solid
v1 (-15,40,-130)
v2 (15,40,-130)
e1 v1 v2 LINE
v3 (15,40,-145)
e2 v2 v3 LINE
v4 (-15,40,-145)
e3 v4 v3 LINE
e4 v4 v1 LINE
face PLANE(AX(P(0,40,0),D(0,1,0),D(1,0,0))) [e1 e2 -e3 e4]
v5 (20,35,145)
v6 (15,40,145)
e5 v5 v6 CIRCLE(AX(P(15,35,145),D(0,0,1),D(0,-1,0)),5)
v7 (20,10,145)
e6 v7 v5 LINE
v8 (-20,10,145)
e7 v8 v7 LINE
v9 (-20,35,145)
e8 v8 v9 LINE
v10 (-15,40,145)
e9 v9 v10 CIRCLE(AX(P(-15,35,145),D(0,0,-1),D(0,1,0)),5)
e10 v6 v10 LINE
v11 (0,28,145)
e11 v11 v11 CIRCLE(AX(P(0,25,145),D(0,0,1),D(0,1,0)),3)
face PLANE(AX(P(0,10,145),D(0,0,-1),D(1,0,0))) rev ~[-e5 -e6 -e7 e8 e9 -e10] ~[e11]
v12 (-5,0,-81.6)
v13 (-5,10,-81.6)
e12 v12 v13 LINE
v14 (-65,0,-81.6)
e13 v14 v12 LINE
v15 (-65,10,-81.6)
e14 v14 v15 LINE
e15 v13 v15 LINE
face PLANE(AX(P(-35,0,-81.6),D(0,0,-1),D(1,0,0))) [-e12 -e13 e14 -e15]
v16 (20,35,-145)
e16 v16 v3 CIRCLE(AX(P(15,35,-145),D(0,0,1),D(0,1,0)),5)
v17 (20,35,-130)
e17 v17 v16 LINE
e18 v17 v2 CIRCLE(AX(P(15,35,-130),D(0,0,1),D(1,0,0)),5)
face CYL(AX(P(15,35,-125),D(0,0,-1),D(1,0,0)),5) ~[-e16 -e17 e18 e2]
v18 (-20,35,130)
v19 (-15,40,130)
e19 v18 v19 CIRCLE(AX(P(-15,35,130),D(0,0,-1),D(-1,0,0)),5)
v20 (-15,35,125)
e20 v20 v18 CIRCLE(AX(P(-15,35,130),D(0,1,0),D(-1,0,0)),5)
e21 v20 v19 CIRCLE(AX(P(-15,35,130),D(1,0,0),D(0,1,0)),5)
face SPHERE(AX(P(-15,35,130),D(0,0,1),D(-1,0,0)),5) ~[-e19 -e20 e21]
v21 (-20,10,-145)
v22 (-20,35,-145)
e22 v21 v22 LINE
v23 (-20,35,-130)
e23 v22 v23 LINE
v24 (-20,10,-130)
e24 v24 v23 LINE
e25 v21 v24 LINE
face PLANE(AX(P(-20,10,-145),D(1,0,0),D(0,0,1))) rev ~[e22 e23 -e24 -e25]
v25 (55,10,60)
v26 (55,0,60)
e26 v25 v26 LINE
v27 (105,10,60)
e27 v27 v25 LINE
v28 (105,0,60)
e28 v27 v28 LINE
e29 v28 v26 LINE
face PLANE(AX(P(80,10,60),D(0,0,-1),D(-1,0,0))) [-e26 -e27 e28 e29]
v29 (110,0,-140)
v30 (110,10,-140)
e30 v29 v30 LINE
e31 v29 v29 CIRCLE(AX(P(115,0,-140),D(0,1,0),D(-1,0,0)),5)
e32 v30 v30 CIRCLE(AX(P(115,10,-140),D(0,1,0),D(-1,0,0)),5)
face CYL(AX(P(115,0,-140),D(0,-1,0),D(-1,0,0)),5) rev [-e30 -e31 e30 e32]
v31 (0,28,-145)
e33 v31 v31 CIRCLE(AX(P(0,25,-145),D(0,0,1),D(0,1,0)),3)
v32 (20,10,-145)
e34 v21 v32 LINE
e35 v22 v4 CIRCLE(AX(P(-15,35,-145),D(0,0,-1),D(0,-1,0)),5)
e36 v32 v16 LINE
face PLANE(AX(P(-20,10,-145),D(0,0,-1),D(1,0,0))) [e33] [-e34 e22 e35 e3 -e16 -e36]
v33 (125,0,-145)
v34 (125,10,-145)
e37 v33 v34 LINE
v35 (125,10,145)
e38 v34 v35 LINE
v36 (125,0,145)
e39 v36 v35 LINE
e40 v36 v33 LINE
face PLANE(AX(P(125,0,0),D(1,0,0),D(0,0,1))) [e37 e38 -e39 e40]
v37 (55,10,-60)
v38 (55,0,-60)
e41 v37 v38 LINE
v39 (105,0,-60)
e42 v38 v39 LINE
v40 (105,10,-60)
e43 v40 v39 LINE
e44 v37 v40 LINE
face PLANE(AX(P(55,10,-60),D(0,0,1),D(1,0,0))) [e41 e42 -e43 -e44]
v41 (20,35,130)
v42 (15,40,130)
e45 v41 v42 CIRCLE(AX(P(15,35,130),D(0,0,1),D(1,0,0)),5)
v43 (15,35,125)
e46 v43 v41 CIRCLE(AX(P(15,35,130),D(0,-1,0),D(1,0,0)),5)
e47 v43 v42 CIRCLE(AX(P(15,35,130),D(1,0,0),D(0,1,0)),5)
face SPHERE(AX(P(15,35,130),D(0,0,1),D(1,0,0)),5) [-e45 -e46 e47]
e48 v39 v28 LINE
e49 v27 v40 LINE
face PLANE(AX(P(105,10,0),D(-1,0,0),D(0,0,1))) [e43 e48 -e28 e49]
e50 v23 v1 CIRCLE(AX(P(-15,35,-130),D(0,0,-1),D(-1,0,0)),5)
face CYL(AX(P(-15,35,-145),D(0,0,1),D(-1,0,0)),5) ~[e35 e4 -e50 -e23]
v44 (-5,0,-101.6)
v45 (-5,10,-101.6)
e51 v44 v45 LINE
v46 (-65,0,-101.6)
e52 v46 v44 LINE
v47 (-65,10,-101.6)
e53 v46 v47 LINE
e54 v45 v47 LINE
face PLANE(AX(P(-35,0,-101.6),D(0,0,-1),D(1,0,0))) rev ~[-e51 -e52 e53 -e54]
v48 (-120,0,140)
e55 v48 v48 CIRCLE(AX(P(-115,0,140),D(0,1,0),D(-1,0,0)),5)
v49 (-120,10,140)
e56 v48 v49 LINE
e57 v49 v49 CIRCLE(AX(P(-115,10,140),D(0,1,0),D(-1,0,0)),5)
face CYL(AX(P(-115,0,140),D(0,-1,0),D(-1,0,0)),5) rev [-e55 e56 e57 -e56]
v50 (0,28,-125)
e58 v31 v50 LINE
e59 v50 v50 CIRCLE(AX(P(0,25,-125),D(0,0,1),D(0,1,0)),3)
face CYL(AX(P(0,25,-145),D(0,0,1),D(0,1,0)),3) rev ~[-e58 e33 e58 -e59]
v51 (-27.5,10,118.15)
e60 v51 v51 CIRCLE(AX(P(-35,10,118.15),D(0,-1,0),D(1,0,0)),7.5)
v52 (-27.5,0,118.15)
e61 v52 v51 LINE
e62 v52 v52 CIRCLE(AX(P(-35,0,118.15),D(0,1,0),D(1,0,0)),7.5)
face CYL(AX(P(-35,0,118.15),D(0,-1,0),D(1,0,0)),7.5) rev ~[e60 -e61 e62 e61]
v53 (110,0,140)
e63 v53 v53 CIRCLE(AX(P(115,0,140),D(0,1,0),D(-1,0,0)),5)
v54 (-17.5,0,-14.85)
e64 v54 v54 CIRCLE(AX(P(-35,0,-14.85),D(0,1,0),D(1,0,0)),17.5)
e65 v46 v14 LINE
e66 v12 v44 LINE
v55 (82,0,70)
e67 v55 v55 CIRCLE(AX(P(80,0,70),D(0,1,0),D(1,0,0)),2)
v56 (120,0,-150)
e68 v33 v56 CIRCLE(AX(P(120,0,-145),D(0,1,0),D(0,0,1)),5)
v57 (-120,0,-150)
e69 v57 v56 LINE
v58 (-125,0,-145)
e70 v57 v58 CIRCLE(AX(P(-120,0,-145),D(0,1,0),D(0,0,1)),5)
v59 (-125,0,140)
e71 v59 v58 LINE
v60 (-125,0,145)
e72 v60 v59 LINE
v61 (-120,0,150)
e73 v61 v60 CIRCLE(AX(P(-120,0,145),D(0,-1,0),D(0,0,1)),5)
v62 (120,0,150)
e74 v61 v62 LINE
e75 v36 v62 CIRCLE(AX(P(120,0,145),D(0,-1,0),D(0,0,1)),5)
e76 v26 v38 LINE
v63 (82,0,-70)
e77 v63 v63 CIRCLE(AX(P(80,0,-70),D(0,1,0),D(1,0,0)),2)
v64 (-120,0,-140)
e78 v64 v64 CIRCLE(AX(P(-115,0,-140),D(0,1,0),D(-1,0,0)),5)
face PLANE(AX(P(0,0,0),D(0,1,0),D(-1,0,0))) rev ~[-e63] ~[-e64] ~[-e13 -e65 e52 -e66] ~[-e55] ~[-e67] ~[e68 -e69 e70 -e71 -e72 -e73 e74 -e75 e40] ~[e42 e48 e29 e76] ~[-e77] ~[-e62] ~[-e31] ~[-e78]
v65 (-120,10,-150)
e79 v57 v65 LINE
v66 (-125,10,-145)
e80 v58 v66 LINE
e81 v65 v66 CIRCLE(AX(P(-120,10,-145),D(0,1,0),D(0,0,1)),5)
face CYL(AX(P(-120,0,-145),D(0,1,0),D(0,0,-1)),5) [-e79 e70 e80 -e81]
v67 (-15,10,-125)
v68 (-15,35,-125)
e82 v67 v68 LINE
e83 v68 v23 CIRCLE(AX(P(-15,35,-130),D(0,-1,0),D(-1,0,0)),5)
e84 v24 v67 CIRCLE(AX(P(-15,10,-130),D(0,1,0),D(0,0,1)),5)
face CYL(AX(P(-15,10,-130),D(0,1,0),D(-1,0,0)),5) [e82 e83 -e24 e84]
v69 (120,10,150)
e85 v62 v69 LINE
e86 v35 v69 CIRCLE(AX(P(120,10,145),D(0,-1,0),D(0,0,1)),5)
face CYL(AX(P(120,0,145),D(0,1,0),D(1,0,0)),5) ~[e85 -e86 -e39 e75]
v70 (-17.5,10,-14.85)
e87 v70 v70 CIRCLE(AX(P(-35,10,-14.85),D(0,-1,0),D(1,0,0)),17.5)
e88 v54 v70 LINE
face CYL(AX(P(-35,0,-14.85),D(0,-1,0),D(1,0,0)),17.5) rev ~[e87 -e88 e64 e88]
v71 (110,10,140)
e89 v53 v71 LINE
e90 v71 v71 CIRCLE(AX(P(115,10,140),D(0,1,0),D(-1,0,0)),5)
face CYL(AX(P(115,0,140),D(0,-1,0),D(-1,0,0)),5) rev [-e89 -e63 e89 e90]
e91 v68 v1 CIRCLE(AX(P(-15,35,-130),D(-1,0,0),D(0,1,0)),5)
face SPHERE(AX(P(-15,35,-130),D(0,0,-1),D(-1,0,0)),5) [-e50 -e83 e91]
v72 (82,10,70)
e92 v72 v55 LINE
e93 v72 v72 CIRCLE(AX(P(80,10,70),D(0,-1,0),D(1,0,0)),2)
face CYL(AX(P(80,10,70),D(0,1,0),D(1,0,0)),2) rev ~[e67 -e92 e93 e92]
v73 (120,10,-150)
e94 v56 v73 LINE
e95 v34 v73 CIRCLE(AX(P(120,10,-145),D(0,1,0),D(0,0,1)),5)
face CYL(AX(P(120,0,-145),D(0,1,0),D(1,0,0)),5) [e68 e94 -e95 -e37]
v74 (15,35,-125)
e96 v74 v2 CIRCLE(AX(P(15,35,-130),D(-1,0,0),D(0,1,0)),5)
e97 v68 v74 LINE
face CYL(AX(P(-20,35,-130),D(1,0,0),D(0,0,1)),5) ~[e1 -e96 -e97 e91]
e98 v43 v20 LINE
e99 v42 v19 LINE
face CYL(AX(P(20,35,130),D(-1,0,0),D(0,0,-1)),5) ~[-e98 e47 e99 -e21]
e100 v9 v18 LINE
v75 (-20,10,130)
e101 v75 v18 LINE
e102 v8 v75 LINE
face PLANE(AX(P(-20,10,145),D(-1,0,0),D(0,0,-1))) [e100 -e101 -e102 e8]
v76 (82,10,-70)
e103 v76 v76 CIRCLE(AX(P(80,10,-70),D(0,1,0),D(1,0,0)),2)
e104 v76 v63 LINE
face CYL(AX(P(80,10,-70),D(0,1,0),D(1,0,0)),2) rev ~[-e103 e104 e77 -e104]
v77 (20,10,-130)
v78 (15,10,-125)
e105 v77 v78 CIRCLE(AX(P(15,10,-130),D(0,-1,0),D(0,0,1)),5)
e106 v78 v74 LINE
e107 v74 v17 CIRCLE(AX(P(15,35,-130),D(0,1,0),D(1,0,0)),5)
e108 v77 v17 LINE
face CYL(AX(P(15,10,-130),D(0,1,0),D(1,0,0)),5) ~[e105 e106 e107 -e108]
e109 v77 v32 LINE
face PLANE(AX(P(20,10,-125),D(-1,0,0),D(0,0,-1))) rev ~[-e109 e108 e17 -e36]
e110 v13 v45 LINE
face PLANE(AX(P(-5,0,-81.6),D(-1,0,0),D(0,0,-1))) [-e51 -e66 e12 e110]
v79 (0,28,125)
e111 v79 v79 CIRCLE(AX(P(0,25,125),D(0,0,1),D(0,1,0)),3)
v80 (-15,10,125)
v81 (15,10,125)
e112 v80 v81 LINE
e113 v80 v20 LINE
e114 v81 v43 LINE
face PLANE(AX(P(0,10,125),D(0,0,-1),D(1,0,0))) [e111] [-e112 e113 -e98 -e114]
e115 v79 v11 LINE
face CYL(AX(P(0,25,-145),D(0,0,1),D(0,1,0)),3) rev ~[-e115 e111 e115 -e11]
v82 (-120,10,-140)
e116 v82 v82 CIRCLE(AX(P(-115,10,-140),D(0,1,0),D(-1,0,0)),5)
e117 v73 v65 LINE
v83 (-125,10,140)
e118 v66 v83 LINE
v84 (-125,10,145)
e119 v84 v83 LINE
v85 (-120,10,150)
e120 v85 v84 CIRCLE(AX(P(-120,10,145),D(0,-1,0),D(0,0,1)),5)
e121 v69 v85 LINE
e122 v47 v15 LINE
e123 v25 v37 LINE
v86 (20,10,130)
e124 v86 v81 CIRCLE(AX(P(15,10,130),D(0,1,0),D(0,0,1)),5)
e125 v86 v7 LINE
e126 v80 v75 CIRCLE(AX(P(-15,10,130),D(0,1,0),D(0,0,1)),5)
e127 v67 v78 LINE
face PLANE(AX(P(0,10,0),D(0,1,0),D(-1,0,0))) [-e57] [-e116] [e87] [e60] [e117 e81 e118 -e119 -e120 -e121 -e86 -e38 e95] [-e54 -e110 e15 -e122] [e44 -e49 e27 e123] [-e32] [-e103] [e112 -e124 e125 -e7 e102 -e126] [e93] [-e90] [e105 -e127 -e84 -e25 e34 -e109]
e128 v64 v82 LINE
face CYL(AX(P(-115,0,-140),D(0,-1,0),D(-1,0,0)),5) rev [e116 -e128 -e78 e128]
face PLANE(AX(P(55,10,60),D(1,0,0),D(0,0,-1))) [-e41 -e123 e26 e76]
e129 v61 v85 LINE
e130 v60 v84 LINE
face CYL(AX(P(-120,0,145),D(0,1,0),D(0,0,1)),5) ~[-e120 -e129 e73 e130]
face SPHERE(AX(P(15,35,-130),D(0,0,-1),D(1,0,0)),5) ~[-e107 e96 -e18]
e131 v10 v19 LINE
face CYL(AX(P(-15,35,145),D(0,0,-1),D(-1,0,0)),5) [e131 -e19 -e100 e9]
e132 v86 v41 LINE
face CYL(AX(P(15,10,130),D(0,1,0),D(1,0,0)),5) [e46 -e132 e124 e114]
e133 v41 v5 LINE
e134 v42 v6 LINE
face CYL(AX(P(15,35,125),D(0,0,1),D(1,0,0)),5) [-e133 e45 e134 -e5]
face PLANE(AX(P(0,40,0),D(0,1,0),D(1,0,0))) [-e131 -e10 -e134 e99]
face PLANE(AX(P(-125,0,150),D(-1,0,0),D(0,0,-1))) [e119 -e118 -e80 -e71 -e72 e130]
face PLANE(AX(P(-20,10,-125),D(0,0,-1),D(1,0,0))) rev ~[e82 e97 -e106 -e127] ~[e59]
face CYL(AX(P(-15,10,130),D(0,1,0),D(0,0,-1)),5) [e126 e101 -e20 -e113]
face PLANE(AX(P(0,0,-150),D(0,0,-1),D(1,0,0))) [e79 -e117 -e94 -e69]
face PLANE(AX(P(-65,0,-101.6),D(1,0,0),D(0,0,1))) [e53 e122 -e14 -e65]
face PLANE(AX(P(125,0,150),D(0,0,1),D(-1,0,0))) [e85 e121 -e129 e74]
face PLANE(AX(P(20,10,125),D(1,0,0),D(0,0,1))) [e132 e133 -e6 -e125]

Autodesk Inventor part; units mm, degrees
ref_plane "YZ Plane" through (0, 0, 0) normal (1, 0, 0) x (0, 1, 0)
ref_plane "XZ Plane" through (0, 0, 0) normal (0, 1, 0) x (-1, 0, 0)
ref_plane "XY Plane" through (0, 0, 0) normal (0, 0, 1) x (1, 0, 0)
sketch "Sketch1" plane through (0, 0, 0) normal (0, 1, 0) x (-1, 0, 0)
  line L0 (0, 0) -> (0, 150)
  line L1 (0, 150) -> (125, 150)
  line L2 (125, 150) -> (125, -150)
  line L3 (125, -150) -> (-125, -150)
  line L4 (-125, -150) -> (-125, 150)
  line L5 (-125, 150) -> (0, 150)
  line L6 (125, 150) -> (125, 140)
  line L7 (125, 140) -> (115, 140)
  circle A0 centre (115, 140) radius 5
  line L8 (125, 0) -> (-125, 0)
  line L9 (0, 150) -> (0, -150)
  circle A1 centre (115, -140) radius 5
  circle A2 centre (-115, 140) radius 5
  circle A3 centre (-115, -140) radius 5
  dimension "d0" = 150
  dimension "d1" = 125
  dimension "d2" = 300
  dimension "d3" = 250
  dimension "d4" = 10
  dimension "d5" = 10
  dimension "d6" = 10
extrude "Extrusion1" add sketch "Sketch1" along normal blind 10
fillet "Fillet1" radius 5 4 edges at (-125, 5, 150) (-125, 5, -150) (125, 5, -150) (125, 5, 150)
sketch "Sketch2" plane through (0, 10, 0) normal (0, 1, 0) x (1, 0, 0)
  line L0 (-120, -150) -> (120, -150) projected
  line L1 (-117.475, -150) -> (-117.475, -145)
  line L2 (125, -145) -> (125, 145) projected
  line L3 (-117.475, -145) -> (125, -145)
  line L4 (0, 0) -> (0, -145)
  line L5 (0, -145) -> (-20, -145)
  line L6 (-20, -145) -> (-20, -125)
  line L7 (-20, -125) -> (20, -125)
  line L8 (20, -125) -> (20, -145)
  line L9 (-125, 145) -> (-125, -145) projected
  line L10 (-125, 0) -> (125, 0)
  line L11 (-117.475, 145) -> (125, 145)
  line L12 (-20, 145) -> (-20, 125)
  line L13 (-20, 125) -> (20, 125)
  line L14 (20, 125) -> (20, 145)
  dimension "d10" = 5
  dimension "d11" = 20
  dimension "d12" = 20
  dimension "d13" = 40
extrude "Extrusion2" add sketch "Sketch2" along normal blind 30 contours L14 L13 L12 L11 | L3 L4 L7 L8 | L3 L6 L7 L4
fillet "Fillet2" radius 5 10 edges at (-20, 40, -135) (20, 40, -135) (-20, 40, 135) (20, 40, 135) (20, 25, 125) (20, 25, -125) (-20, 25, -125) (-20, 25, 125) (0, 40, 125) (0, 40, -125)
sketch "Sketch3" plane through (20, 10, -145) normal (0, 0, -1) x (-1, 0, 0)
  line L0 (40, 0) -> (40, 25) projected
  line L1 (40, 0) -> (20, 0)
  line L2 (140, 0) -> (-100, 0) projected
  line L3 (20, 0) -> (20, 15)
  circle A0 centre (20, 15) radius 3
  point P0 (20, -10)
  dimension "d17" = 20
  dimension "d18" = 15
  dimension "d19" = 6
hole "Hole1" at (0, 25, -145) direction (0, 0, 1) diameter 6 end through all
sketch "Sketch4" plane through (0, 10, 0) normal (0, 1, 0) x (1, 0, 0)
  line L0 (125, -145) -> (125, 145) projected
  line L1 (125, 0) -> (105, 0)
  line L2 (105, 0) -> (105, -60)
  line L3 (105, -60) -> (55, -60)
  line L4 (55, -60) -> (55, 60)
  line L5 (55, 60) -> (105, 60)
  line L6 (105, 60) -> (105, 0)
  line L7 (105, 0) -> (80, 0)
  line L8 (80, 0) -> (80, -70)
  circle A0 centre (80, -70) radius 2
  circle A1 centre (80, 70) radius 2
  point P0 (0, 0)
  dimension "d27" = 20
  dimension "d28" = 60
  dimension "d29" = 50
  dimension "d30" = 120
  dimension "d31" = 25
  dimension "d32" = 70
  dimension "d33" = 4
extrude "Extrusion3" cut sketch "Sketch4" against normal blind 30
sketch "Sketch5" plane through (0, 0, 0) normal (0, -1, 0) x (1, 0, 0)
  line L0 (-125, -145) -> (-125, 145) projected
  line L1 (-125, 0) -> (-35, 0)
  line L2 (-35, 0) -> (-35, -120.65)
  line L3 (-35, -120.65) -> (-35, 114.35)
  line L4 (-35, -120.65) -> (-35, -84.15)
  line L5 (-35, -101.6) -> (-65, -101.6)
  line L6 (-65, -101.6) -> (-5, -101.6)
  line L7 (-65, -101.6) -> (-65, -81.6)
  line L8 (-65, -81.6) -> (-5, -81.6)
  line L9 (-5, -81.6) -> (-5, -101.6)
  line L10 (-35, -81.6) -> (-35, -14.85)
  circle A0 centre (-35, -14.85) radius 17.5
  line L11 (-35, 2.6) -> (-35, 118.15)
  circle A1 centre (-35, 118.15) radius 7.5
  point P0 (0, 0)
  dimension "d36" = 90
  dimension "d37" = 235
  dimension "d38" = 36.5
  dimension "d39" = 30
  dimension "d40" = 60
  dimension "d41" = 20
  dimension "d42" = 66.75
  dimension "d43" = 35
  dimension "d44" = 115.55
  dimension "d45" = 15
extrude "Extrusion4" cut sketch "Sketch5" against normal blind 10
properties part number "top"
